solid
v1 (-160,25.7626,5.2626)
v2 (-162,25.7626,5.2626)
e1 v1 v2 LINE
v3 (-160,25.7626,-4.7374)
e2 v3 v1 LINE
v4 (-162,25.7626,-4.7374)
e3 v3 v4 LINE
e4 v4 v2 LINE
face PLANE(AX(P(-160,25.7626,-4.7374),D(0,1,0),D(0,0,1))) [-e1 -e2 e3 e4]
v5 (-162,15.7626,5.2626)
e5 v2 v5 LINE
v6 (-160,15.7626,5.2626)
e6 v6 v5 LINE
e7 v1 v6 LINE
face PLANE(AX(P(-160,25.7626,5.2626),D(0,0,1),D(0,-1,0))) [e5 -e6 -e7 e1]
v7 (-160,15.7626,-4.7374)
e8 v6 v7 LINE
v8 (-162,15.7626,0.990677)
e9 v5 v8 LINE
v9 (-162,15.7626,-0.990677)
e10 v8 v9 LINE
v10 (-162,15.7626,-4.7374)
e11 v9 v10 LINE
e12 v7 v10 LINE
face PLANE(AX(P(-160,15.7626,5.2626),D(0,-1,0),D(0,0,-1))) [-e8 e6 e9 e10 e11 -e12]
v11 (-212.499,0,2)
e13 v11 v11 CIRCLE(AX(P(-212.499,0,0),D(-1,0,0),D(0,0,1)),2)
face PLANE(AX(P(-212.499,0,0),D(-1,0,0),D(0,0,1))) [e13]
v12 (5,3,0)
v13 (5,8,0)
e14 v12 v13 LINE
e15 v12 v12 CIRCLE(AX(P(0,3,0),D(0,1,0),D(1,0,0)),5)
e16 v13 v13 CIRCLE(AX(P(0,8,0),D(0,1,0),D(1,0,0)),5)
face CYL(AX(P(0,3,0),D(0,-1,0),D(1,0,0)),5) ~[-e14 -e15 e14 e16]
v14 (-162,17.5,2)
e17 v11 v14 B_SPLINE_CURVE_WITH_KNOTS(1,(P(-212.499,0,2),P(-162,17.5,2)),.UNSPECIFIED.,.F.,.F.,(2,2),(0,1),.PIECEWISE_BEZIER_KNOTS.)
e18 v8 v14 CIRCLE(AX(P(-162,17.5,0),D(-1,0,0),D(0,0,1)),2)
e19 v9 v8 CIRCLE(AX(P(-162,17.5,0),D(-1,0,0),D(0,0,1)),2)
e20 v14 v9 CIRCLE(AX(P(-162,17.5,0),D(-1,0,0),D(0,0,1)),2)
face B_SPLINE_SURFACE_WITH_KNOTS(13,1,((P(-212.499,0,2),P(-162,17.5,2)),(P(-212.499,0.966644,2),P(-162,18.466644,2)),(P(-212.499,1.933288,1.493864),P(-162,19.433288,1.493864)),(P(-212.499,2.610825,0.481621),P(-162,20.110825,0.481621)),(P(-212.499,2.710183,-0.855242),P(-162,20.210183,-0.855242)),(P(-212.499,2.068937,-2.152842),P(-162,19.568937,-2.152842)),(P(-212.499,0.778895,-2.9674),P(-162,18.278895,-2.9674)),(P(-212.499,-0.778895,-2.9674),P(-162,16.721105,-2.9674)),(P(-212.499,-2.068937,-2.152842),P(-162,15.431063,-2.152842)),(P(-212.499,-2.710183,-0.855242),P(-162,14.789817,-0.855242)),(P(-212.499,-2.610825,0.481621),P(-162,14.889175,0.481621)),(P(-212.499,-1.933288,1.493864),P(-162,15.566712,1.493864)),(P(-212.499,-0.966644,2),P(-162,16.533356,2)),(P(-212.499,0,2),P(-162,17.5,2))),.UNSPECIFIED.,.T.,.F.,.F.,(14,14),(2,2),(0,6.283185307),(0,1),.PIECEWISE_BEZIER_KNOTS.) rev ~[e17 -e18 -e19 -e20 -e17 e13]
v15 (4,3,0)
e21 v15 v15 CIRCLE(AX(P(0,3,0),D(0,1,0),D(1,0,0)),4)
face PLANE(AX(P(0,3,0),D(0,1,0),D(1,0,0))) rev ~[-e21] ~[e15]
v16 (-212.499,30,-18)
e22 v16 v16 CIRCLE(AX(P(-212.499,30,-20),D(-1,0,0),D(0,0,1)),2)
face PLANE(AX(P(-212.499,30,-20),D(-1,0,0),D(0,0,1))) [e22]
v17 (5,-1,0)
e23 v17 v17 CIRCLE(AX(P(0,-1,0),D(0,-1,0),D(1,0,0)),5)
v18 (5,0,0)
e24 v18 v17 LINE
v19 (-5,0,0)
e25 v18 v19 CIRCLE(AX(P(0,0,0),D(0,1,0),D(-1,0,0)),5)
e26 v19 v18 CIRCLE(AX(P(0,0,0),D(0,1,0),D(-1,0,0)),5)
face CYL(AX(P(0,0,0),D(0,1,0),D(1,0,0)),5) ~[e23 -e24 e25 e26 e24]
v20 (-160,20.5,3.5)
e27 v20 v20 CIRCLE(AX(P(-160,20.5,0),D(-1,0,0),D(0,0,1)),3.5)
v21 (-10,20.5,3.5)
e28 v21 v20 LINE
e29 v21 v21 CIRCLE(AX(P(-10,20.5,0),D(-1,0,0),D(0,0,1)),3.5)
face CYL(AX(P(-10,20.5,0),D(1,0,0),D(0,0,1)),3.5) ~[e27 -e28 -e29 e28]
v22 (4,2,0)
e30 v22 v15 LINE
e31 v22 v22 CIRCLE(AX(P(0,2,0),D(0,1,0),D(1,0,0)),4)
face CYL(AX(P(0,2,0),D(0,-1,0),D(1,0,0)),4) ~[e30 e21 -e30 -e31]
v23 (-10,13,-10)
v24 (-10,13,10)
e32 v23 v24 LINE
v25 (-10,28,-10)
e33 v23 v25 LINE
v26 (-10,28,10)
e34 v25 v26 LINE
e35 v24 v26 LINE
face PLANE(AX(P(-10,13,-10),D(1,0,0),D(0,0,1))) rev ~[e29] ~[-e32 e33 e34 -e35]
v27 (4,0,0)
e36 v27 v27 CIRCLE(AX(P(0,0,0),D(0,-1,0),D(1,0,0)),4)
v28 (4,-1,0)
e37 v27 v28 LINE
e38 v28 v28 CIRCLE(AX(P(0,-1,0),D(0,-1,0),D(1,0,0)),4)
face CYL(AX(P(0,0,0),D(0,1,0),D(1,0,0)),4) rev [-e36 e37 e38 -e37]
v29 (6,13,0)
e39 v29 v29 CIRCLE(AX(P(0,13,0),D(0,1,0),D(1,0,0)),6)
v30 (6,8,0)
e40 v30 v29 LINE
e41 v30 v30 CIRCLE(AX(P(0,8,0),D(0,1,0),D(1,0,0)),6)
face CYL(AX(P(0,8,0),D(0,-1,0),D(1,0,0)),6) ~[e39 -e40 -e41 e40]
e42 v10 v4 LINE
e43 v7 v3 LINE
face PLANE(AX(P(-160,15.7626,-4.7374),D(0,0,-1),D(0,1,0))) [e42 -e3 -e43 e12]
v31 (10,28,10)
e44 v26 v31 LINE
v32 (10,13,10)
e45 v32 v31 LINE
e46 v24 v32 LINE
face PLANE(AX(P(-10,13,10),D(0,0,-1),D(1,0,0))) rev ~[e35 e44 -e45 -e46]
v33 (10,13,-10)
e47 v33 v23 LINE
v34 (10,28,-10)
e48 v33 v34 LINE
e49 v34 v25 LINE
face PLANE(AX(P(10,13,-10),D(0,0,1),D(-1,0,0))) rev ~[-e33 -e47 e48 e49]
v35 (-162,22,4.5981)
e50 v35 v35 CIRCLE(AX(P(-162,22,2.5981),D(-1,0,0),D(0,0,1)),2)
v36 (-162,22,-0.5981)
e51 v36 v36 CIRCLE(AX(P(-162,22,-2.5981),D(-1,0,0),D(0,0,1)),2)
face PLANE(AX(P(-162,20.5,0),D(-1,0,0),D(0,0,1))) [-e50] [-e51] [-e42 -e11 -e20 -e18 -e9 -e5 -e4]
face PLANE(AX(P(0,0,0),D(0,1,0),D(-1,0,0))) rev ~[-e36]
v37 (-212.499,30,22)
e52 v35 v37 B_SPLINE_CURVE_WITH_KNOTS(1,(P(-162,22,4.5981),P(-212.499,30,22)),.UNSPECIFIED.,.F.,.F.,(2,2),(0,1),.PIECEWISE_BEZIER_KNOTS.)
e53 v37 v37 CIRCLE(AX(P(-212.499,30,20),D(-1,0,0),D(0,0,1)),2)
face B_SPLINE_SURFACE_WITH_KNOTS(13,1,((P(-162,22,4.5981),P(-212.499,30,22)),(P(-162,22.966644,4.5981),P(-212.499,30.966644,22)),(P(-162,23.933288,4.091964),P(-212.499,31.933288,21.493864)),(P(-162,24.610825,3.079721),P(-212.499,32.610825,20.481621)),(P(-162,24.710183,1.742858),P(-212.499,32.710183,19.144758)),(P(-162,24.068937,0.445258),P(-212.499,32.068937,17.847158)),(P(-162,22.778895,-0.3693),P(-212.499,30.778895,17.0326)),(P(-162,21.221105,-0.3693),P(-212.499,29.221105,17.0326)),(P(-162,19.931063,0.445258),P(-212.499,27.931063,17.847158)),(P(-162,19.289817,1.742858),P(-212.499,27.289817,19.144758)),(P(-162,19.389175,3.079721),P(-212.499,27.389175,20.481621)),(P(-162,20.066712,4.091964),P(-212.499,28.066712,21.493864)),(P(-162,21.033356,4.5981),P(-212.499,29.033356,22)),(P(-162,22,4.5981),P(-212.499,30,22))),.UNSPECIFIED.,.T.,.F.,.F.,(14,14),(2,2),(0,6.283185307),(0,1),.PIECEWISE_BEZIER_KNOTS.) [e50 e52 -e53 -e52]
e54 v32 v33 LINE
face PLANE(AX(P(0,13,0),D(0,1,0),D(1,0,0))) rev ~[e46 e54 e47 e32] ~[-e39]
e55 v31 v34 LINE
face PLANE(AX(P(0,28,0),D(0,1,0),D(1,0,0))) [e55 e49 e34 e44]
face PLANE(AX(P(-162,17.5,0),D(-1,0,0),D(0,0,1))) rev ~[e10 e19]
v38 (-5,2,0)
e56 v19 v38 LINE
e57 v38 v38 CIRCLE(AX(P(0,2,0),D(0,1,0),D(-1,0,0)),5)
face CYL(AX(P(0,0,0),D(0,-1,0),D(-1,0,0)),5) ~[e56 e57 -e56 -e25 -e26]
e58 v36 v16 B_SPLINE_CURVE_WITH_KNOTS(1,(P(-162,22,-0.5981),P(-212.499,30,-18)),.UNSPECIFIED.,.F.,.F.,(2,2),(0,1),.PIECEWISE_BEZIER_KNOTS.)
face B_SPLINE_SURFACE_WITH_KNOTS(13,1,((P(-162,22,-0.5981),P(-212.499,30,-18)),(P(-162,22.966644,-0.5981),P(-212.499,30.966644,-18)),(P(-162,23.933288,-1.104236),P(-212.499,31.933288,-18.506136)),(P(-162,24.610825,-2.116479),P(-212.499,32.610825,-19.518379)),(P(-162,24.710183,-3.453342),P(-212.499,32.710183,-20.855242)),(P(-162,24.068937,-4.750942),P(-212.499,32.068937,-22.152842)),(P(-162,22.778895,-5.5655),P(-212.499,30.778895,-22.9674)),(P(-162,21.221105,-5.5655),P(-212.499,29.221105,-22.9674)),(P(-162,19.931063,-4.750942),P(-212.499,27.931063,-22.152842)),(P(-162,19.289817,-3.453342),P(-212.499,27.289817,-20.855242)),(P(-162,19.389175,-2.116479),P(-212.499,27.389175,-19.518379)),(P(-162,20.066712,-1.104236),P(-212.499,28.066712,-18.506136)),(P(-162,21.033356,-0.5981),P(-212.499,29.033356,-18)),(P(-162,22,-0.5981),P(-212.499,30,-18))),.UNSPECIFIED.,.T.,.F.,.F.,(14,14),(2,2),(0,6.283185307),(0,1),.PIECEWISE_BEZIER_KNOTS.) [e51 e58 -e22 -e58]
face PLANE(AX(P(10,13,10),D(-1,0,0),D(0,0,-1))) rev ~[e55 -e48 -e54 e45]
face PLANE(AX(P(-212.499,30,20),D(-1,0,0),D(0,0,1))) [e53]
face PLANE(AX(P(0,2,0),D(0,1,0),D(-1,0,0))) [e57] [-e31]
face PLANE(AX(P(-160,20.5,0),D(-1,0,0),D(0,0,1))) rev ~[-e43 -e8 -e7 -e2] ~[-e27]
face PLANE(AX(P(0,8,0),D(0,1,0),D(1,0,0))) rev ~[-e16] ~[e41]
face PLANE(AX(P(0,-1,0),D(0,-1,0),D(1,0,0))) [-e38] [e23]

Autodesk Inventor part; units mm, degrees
ref_plane "YZ Plane" through (0, 0, 0) normal (1, 0, 0) x (0, 1, 0)
ref_plane "XZ Plane" through (0, 0, 0) normal (0, 1, 0) x (-1, 0, 0)
sketch "草图1" plane through (0, 0, 0) normal (0, 1, 0) x (-1, 0, 0)
  circle A0 centre (0, 0) radius 5
  dimension "d0" = 10
extrude "拉伸1" add sketch "草图1" along normal blind 2
sketch "草图2" plane through (0, 2, 0) normal (0, 1, 0) x (1, 0, 0)
  circle A0 centre (0, 0) radius 5 projected
  circle A1 centre (0, 0) radius 4
  dimension "d3" = 8
extrude "拉伸2" add sketch "草图2" along normal blind 1 contours A1
sketch "草图3" plane through (0, 3, 0) normal (0, 1, 0) x (1, 0, 0)
  circle A0 centre (0, 0) radius 5 projected
extrude "拉伸3" add sketch "草图3" along normal blind 5
sketch "草图4" plane through (0, 0, 0) normal (0, -1, 0) x (1, 0, 0)
  circle A0 centre (0, 0) radius 5 projected
  circle A1 centre (0, 0) radius 4 projected
extrude "拉伸4" add sketch "草图4" along normal blind 1
sketch "草图5" plane through (0, 8, 0) normal (0, 1, 0) x (1, 0, 0)
  circle A0 centre (0, 0) radius 6
  dimension "d10" = 12
extrude "拉伸5" add sketch "草图5" along normal blind 5
sketch "草图6" plane through (0, 13, 0) normal (0, 1, 0) x (1, 0, 0)
  line L0 (-10, -10) -> (10, -10)
  line L1 (10, -10) -> (10, 10)
  line L2 (10, 10) -> (-10, 10)
  line L3 (-10, 10) -> (-10, -10)
  line L4 (-10, -10) -> (10, 10) construction
  line L5 (10, -10) -> (-10, 10) construction
  point P0 (0, 0)
  dimension "d13" = 20
extrude "拉伸6" add sketch "草图6" along normal blind 15
sketch "草图7" plane through (-10, 13, -10) normal (-1, 0, 0) x (0, 0, 1)
  line L0 (20, 0) -> (20, 15) construction
  line L1 (20, 0) -> (0, 0) construction
  line L2 (20, 15) -> (0, 0) construction
  line L3 (20, 0) -> (0, 15) construction
  circle A0 centre (10, 7.5) radius 3.5
  point P0 (10, -13)
  dimension "d16" = 7
extrude "拉伸7" add sketch "草图7" along normal blind 150
sketch "草图8" plane through (-160, 20.5, 0) normal (-1, 0, 0) x (0, 0, 1)
  line L0 (-4.7374, 5.2626) -> (5.2626, 5.2626)
  line L1 (5.2626, 5.2626) -> (5.2626, -4.7374)
  line L2 (5.2626, -4.7374) -> (-4.7374, -4.7374)
  line L3 (-4.7374, -4.7374) -> (-4.7374, 5.2626)
  line L4 (-4.7374, 5.2626) -> (5.2626, -4.7374) construction
  line L5 (5.2626, 5.2626) -> (-4.7374, -4.7374) construction
  point P0 (0, -20.5)
  point P1 (0.2626, 0.2626)
  dimension "d19" = 10
extrude "拉伸8" add sketch "草图8" along normal blind 2
sketch "草图9" plane through (-162, 20.5, 0) normal (-1, 0, 0) x (0, 0, 1)
  line L0 (0, 0) -> (0, 3) construction
  line L1 (0, 0) -> (-2.5981, -1.5) construction
  line L2 (0, 0) -> (2.5981, -1.5) construction
  line L3 (0, 0) -> (-4.7226, 0) construction
  circle A0 centre (-2.5981, 1.5) radius 2
  circle A1 centre (0, -3) radius 2
  circle A2 centre (2.5981, 1.5) radius 2
  point P0 (0, -20.5)
  dimension "d22" = 120
  dimension "d23" = 120
  dimension "d24" = 3
  dimension "d26" = 3
  dimension "d27" = 3
ref_plane "工作平面2" through (-212.499, 20.5, 0) normal (-1, 0, 0) x (0, 0, 1)
ref_plane "工作平面1" through (-161, 20.5, 0) normal (-1, 0, 0) x (0, 0, 1)
sketch "草图10" plane through (-212.499, 20.5, 0) normal (-1, 0, 0) x (0, 0, 1)
  line L0 (0, 18.3) -> (0, -29.3) construction
  line L1 (-30.8, -20.5) -> (30.8, -20.5) construction
  circle A0 centre (0, -20.5) radius 2
  circle A1 centre (-20, 9.5) radius 2
  circle A2 centre (20, 9.5) radius 2
  dimension "d32" = 4
  dimension "d33" = 4
  dimension "d34" = 30
  dimension "d35" = 20
loft "放样1" add profiles "草图10", "草图9" contours A0 / A1
loft "放样2" add profiles "草图9", "草图10" contours A2 / A2
loft "放样3" add profiles "草图9", "草图10" contours A0 / A1
properties part number "摄像头" material "橡胶"
